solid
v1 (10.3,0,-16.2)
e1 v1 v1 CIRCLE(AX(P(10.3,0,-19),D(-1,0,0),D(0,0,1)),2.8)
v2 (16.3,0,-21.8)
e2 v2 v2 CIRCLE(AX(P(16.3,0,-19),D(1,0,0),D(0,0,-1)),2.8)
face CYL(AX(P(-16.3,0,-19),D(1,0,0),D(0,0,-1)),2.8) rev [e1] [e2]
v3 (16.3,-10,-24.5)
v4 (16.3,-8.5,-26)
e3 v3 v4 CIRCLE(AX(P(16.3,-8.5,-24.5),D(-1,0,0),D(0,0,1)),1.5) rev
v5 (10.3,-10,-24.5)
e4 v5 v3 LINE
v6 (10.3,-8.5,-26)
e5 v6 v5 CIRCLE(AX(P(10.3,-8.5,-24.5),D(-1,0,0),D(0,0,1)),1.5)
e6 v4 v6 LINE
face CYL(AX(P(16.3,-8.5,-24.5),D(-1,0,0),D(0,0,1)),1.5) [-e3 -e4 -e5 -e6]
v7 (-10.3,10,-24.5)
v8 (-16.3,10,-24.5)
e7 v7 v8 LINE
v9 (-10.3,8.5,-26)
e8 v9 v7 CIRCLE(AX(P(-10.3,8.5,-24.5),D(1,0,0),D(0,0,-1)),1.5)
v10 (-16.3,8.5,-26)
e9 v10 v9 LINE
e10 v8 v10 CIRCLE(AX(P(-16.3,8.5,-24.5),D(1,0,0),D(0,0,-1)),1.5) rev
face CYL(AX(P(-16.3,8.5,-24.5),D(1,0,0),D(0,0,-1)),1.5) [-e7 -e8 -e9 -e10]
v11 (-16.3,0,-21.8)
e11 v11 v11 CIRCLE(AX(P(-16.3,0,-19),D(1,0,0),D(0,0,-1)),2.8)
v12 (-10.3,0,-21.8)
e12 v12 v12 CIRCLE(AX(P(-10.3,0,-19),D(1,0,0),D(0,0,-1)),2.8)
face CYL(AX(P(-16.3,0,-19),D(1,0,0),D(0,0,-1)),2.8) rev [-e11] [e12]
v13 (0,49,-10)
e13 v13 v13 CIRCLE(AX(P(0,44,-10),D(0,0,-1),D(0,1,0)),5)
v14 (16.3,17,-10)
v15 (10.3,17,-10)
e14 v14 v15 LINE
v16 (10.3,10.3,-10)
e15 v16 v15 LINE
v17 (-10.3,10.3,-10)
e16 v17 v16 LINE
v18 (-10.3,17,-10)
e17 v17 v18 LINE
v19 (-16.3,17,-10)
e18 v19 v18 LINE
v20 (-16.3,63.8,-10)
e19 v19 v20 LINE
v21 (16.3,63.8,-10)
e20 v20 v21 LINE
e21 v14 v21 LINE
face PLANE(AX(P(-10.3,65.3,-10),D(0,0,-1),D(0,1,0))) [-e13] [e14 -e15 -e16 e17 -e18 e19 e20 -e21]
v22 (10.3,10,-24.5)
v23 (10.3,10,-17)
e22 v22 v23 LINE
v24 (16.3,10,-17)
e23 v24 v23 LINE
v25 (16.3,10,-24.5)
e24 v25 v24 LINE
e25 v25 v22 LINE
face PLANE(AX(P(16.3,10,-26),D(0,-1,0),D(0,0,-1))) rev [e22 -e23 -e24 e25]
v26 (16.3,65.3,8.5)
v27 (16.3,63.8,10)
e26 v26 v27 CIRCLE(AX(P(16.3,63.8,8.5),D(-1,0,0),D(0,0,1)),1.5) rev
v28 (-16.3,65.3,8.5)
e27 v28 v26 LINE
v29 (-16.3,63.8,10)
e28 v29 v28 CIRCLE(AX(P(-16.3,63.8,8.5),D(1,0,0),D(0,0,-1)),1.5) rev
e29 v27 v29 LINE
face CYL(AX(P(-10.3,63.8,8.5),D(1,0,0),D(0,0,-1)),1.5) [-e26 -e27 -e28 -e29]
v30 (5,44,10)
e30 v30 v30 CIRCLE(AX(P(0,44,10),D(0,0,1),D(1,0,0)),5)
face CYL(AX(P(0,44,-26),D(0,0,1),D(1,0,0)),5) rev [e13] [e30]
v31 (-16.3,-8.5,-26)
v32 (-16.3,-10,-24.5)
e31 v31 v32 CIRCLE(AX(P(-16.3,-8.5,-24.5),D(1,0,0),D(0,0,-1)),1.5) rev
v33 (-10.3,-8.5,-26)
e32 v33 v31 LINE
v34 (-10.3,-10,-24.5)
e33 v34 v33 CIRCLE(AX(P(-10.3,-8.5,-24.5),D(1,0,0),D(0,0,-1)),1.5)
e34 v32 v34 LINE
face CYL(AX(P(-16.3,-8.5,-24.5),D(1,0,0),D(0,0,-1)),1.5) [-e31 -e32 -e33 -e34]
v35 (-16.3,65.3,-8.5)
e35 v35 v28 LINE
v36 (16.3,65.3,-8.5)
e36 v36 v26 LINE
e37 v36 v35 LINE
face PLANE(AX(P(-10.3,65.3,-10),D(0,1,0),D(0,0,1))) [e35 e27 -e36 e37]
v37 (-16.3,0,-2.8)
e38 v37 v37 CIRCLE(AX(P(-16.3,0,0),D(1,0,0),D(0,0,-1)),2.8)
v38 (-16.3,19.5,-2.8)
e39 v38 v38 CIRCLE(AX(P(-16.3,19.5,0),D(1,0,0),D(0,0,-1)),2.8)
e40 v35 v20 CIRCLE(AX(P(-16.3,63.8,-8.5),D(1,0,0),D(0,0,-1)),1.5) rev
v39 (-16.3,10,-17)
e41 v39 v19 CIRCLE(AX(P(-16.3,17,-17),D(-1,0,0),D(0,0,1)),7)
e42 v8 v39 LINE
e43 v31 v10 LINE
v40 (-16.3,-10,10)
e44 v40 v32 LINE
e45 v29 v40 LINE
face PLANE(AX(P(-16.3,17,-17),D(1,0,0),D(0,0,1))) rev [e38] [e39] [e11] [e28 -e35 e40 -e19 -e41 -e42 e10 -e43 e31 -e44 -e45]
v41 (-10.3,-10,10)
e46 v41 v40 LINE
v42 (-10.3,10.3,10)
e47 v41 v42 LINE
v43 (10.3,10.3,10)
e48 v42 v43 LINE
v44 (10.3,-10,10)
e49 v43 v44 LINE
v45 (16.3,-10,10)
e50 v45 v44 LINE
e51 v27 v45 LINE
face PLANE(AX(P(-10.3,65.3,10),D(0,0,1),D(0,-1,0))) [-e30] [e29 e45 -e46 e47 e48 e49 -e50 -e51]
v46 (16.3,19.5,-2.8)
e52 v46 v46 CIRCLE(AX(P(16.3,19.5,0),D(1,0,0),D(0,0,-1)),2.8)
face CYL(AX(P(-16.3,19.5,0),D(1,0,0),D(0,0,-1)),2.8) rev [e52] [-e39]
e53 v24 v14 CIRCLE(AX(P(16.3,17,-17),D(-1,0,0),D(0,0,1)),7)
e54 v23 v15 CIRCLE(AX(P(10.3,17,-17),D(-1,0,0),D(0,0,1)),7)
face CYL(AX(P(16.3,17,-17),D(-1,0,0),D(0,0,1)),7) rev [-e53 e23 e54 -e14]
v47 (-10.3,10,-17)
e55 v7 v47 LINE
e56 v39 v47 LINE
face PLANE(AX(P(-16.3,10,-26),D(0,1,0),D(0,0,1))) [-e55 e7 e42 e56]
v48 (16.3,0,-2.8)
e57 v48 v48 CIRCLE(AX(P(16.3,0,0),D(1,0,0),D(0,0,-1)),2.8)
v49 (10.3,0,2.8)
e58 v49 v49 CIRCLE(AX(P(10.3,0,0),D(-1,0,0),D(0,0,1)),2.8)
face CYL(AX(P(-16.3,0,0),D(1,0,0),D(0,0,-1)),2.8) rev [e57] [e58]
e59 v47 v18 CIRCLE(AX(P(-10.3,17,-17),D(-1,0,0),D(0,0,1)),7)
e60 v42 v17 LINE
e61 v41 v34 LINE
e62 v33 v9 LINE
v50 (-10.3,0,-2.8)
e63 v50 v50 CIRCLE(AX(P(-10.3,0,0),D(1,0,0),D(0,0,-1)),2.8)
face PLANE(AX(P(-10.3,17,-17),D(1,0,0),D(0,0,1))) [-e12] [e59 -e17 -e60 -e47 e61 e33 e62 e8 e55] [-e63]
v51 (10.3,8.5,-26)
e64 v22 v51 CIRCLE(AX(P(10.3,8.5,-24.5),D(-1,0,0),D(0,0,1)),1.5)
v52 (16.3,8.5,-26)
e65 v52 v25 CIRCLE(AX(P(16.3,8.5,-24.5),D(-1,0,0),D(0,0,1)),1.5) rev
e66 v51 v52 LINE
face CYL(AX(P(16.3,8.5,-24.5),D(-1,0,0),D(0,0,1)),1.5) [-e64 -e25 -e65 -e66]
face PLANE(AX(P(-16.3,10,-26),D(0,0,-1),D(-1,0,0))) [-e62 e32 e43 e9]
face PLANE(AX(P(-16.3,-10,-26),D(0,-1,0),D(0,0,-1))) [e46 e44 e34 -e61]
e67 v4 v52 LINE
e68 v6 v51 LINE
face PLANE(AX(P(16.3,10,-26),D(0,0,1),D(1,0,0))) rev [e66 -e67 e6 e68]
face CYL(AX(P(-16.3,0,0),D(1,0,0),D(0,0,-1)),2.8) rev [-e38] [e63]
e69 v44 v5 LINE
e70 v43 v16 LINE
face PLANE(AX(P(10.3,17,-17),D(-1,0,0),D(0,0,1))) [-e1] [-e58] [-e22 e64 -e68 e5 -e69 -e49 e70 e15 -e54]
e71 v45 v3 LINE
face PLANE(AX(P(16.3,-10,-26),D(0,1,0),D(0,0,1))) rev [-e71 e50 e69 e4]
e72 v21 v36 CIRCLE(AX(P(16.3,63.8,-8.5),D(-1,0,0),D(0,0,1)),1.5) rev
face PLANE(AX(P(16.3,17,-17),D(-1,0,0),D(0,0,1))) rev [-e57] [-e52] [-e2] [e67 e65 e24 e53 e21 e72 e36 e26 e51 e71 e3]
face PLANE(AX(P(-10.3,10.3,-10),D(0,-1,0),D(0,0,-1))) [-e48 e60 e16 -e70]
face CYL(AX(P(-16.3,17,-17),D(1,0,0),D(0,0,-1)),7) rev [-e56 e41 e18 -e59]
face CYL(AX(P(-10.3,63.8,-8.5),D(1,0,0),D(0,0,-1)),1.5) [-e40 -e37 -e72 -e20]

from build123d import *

# Parameters (mm, degrees)
EXTRUDE1_DEPTH      = 10.3
EXTRUDE1_DEPTH_BACK = 10.3
SKETCH1_W           = 20
SKETCH1_H           = 55
EXTRUDE2_DEPTH      = 6
SKETCH4_R           = 2.8
EXTRUDE3_DEPTH      = 78.478061411
SKETCH5_R           = 5
EXTRUDE4_DEPTH      = 77.326797391
FILLET2_R           = 1.5
SKETCH_1_W          = 32.6
SKETCH_1_H          = 73.8
CUT_EXTRUDE_1_DEPTH = 77.326797391


with BuildPart() as part:
    # Sketch1 → Extrude1 (new, two sides: drawn at the far end of the back side and taken through both)
    with BuildSketch(Plane(origin=(0, 0, 0), x_dir=(0, 0, -1), z_dir=(1, 0, 0)).offset(-EXTRUDE1_DEPTH_BACK)):
        with Locations((0, 37.8)):
            Rectangle(SKETCH1_W, SKETCH1_H)
    extrude(amount=EXTRUDE1_DEPTH + EXTRUDE1_DEPTH_BACK)

    # Sketch2 → Extrude2 (add)
    with BuildSketch(Plane(origin=(10.3, 0, 0), x_dir=(0, 0, -1), z_dir=(1, 0, 0))):
        with BuildLine():
            Line((26, 10), (17, 10))
            ThreePointArc((17, 10), (12.050252532, 12.050252532), (10, 17))
            Line((10, 17), (10, 65.3))
            Line((10, 65.3), (-10, 65.3))
            Line((-10, 65.3), (-10, 17))
            ThreePointArc((-10, 17), (-12.050252532, 12.050252532), (-17, 10))
            Line((-17, 10), (-26, 10))
            Line((-26, 10), (-26, -10))
            Line((-26, -10), (26, -10))
            Line((26, -10), (26, 10))
        make_face()
    extrude2 = extrude(amount=EXTRUDE2_DEPTH)

    # Mirror2: Extrude2 across plane
    add(extrude2.mirror(Plane(origin=(0, 0, 0), x_dir=(0, 0, 1), z_dir=(1, 0, 0))))

    # Sketch4 → Extrude3 (cut, through all)
    with BuildSketch(Plane(origin=(16.3, 0, 0), x_dir=(0, 0, -1), z_dir=(1, 0, 0))):
        Circle(SKETCH4_R)
        with Locations((19, 0)):
            Circle(SKETCH4_R)
        with Locations((-19, 0)):
            Circle(SKETCH4_R)
        with Locations((0, 19.5)):
            Circle(SKETCH4_R)
    extrude(amount=-EXTRUDE3_DEPTH, mode=Mode.SUBTRACT)

    # Sketch5 → Extrude4 (cut, through all)
    with BuildSketch(Plane.XY.offset(10)):
        with Locations((0, 44)):
            Circle(SKETCH5_R)
    extrude(amount=-EXTRUDE4_DEPTH, mode=Mode.SUBTRACT)

    # Fillet2
    fillet2_edges = [part.edges().sort_by_distance(p)[0] for p in [
        (13.3, 10, 26),
        (13.3, -10, 26),
        (13.3, -10, -26),
        (13.3, 10, -26),
        (-13.3, -10, 26),
        (-13.3, 10, 26),
        (-13.3, 10, -26),
        (-13.3, -10, -26),
        (0, 65.3, 10),
        (0, 65.3, -10),
    ]]
    fillet(fillet2_edges, radius=FILLET2_R)

    # Эскиз1 → Вырез-Вытянуть1 (cut, through all)
    with BuildSketch(Plane(origin=(0, 0, 10), x_dir=(-1, 0, 0), z_dir=(0, 0, -1))):
        with Locations((0, 26.9)):
            Rectangle(SKETCH_1_W, SKETCH_1_H)
    extrude(amount=-CUT_EXTRUDE_1_DEPTH, mode=Mode.SUBTRACT)


solid = part.part
